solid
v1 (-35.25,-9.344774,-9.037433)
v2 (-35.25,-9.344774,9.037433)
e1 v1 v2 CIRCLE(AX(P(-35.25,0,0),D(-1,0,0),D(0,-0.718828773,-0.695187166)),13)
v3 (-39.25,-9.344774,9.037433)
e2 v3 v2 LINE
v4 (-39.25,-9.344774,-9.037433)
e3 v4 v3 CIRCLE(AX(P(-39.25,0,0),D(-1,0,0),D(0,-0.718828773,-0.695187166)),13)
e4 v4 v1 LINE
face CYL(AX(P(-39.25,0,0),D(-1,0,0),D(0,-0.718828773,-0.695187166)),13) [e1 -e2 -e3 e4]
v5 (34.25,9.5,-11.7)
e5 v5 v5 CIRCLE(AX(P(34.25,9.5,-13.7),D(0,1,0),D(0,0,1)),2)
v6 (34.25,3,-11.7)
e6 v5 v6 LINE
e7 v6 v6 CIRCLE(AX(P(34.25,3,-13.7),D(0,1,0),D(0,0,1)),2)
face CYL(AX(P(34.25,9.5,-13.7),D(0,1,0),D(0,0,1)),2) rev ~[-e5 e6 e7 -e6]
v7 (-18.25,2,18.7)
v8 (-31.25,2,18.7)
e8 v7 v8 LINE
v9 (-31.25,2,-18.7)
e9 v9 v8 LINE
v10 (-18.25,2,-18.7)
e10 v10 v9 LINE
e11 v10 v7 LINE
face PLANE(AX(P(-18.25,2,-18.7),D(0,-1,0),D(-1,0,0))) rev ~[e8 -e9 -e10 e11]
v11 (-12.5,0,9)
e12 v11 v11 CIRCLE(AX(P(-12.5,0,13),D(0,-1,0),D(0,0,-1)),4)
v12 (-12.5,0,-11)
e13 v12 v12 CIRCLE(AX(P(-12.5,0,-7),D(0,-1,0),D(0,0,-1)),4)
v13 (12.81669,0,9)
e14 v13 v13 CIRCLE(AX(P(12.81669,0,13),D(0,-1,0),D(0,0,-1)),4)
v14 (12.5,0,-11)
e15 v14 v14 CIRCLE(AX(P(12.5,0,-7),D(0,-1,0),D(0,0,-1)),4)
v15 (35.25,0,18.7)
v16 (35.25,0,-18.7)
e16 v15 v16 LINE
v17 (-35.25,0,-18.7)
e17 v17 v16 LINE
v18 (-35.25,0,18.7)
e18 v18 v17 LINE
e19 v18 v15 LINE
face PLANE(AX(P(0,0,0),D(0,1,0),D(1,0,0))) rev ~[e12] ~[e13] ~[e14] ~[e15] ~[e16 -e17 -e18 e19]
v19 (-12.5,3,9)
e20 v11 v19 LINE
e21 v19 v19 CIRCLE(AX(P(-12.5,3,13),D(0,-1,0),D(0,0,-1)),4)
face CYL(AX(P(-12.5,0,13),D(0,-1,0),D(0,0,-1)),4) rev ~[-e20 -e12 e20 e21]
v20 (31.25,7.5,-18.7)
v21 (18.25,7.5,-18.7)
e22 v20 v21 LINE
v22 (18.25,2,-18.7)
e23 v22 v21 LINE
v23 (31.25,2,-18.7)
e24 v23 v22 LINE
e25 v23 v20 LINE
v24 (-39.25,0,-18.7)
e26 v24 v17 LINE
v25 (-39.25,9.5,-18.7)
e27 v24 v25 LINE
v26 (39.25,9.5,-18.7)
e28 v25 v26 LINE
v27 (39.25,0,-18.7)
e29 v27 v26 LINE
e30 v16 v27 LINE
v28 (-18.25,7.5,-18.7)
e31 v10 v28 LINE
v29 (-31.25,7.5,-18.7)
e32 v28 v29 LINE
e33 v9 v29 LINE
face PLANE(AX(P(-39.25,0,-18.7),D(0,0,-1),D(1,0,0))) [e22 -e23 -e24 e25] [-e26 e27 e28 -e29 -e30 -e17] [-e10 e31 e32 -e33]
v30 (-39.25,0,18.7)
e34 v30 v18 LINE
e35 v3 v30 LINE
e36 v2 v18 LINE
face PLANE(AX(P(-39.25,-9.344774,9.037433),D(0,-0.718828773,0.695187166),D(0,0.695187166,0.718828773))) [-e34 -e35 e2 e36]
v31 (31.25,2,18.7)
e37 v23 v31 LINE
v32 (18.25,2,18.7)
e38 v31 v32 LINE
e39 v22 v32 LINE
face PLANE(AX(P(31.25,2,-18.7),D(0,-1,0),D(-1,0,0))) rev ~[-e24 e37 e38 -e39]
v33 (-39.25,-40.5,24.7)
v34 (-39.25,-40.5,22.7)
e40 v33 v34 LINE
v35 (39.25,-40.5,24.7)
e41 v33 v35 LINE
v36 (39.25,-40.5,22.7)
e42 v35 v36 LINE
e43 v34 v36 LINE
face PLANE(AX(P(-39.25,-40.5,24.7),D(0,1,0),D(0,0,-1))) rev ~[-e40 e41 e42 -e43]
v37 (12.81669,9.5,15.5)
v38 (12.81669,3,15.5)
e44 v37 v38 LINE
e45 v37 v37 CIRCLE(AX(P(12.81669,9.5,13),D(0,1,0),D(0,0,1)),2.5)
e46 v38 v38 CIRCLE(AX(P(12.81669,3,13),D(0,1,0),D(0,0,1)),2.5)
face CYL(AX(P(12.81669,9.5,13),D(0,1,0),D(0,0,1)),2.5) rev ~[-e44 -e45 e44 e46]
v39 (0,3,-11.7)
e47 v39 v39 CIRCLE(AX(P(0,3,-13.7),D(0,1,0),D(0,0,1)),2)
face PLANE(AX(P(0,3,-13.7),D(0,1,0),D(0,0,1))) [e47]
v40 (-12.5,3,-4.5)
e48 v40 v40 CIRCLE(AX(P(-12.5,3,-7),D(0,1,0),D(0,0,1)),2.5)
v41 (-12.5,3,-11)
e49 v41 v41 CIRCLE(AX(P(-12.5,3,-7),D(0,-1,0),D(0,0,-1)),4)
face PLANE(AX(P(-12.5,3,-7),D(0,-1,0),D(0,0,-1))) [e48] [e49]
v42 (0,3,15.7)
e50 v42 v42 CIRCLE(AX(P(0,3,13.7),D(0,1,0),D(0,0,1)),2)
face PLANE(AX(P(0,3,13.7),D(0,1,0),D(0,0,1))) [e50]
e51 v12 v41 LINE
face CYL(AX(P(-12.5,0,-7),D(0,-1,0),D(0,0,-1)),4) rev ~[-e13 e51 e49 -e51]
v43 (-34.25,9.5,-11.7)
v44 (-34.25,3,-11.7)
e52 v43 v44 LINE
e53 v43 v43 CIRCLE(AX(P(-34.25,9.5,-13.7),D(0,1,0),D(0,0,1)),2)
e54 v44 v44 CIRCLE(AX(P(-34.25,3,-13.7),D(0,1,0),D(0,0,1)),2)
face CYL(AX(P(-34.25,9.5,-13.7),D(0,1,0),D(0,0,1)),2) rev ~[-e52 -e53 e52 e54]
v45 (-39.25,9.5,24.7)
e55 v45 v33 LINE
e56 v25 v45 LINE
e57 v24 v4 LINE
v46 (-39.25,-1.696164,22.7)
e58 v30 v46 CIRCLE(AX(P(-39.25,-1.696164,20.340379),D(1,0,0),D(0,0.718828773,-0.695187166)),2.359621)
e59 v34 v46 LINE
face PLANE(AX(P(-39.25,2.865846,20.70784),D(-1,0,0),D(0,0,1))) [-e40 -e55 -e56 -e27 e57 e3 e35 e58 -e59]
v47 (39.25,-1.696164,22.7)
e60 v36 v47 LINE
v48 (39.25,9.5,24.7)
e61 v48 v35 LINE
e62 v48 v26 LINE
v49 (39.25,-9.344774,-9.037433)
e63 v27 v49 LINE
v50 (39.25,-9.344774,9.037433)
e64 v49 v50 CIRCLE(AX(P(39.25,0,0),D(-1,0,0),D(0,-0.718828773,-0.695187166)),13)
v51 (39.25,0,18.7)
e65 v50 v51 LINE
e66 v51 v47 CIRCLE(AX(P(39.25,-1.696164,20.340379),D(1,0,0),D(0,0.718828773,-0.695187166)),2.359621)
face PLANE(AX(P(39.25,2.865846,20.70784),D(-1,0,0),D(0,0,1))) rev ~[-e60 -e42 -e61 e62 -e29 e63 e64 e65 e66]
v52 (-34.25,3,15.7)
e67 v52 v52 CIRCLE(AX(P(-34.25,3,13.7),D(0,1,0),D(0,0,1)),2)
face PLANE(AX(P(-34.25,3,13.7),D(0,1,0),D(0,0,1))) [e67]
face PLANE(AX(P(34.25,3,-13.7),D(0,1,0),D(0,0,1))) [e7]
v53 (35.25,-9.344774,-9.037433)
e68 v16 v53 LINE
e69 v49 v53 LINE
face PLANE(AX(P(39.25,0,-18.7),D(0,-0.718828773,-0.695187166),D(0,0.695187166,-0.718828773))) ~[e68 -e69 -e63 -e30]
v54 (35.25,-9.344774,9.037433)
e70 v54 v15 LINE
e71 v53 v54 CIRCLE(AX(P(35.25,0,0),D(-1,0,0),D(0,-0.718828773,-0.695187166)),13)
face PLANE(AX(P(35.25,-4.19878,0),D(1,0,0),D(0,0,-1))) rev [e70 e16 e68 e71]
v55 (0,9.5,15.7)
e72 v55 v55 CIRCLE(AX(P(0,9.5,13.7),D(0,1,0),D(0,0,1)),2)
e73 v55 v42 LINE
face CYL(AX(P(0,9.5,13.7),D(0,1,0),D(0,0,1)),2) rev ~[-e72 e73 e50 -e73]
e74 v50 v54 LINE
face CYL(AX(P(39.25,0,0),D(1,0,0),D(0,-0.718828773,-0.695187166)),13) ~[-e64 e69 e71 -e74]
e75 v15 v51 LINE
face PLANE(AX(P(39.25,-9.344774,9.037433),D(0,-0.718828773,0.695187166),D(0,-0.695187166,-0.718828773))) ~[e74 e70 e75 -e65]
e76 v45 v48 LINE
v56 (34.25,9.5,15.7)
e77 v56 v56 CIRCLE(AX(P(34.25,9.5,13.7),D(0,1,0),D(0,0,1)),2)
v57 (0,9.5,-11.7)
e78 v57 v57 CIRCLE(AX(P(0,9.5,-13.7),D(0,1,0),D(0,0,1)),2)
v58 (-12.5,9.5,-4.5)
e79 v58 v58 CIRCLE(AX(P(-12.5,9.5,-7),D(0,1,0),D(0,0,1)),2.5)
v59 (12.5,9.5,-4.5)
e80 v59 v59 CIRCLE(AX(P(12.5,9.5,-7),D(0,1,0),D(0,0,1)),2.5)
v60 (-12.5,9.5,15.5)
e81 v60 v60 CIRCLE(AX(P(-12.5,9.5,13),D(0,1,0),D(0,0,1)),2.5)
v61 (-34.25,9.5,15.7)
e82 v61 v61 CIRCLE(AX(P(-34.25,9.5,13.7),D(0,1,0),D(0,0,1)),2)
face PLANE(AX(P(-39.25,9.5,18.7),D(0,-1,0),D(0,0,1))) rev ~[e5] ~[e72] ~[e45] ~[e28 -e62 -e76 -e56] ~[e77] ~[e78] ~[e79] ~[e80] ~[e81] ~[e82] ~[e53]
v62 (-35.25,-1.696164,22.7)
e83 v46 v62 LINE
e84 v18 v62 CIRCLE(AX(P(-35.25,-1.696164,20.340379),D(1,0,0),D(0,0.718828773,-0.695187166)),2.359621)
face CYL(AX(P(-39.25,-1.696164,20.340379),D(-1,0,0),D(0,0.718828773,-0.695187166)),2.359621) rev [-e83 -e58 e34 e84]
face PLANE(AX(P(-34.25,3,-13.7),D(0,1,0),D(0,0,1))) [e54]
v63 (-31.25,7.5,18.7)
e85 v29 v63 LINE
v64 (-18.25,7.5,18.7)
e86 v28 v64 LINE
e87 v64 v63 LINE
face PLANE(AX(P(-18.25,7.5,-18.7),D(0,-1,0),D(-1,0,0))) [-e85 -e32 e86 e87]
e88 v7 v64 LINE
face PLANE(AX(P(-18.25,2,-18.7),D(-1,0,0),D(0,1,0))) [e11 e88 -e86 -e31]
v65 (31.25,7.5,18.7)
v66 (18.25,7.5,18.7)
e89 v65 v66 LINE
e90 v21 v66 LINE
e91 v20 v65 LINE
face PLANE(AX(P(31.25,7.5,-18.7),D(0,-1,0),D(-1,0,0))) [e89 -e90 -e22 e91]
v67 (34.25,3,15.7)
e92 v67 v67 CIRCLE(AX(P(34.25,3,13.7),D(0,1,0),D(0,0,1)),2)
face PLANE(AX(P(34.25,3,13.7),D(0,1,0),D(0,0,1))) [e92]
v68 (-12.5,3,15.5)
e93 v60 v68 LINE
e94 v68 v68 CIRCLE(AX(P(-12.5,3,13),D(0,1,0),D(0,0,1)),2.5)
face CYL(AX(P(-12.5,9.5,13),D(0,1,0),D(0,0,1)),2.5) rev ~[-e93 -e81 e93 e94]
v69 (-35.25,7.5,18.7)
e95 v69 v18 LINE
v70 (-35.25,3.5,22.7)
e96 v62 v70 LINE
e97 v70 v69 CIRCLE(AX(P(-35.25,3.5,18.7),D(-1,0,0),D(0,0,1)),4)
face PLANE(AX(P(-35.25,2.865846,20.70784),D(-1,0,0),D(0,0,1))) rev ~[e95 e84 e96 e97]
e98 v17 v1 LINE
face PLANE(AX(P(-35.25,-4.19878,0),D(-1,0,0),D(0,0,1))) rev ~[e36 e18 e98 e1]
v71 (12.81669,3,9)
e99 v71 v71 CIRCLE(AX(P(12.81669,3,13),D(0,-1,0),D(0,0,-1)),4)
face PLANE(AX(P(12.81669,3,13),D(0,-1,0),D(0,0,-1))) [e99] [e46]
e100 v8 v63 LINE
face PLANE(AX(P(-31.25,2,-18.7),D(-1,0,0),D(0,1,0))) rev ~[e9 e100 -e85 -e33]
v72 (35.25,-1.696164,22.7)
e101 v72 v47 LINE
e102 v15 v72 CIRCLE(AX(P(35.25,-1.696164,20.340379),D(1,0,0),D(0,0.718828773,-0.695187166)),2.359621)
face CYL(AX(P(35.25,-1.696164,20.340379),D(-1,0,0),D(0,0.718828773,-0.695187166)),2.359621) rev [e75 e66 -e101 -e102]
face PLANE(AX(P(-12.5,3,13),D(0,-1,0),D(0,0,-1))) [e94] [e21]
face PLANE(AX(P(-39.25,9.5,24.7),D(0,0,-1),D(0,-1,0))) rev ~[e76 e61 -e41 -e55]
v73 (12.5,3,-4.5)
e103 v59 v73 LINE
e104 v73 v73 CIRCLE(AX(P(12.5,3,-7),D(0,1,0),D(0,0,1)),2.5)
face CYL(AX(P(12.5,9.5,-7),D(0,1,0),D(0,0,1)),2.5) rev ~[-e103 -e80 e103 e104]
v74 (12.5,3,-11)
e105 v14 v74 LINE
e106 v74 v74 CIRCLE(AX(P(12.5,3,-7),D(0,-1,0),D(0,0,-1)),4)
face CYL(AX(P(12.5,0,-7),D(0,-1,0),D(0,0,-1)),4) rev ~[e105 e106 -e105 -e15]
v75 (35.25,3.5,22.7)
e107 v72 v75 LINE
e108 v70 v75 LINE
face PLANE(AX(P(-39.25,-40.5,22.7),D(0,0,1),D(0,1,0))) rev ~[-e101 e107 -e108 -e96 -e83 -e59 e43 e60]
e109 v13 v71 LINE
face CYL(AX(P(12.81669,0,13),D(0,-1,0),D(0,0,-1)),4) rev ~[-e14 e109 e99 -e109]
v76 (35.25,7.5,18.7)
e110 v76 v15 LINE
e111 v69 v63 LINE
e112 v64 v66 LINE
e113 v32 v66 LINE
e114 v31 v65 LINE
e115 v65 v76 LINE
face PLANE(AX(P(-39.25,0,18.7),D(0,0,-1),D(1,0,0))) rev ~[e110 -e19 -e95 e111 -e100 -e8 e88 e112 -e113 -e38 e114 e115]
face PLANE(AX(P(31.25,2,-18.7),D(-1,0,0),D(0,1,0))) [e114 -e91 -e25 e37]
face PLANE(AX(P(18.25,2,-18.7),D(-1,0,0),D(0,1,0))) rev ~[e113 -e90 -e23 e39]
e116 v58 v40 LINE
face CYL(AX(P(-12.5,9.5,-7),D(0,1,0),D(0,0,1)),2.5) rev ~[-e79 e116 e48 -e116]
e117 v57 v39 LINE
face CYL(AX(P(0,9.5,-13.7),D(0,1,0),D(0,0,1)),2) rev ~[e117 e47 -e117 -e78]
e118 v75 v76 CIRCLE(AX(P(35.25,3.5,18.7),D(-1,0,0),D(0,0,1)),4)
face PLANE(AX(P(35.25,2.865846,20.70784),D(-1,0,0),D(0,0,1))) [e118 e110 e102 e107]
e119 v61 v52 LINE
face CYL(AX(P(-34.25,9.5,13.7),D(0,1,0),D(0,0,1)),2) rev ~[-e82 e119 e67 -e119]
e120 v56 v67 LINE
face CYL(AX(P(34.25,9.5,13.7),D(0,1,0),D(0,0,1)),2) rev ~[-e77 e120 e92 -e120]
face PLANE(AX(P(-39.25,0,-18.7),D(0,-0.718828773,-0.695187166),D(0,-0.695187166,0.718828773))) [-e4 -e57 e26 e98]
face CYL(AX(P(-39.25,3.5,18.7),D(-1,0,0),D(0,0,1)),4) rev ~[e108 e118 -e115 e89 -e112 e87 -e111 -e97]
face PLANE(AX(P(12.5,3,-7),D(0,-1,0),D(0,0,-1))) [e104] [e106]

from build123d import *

# Parameters (mm, degrees)
SKETCH1_W           = 78.5
SKETCH1_H           = 37.4
BOSS_EXTRUDE1_DEPTH = 9.5
SKETCH6_R           = 2
CUT_EXTRUDE1_DEPTH  = 6.5
BOSS_EXTRUDE2_DEPTH = 4
SKETCH9_W           = 13
SKETCH9_H           = 5.5
CUT_EXTRUDE3_DEPTH  = 56.75233179
BOSS_EXTRUDE3_REACH = 83.737
BOSS_EXTRUDE4_START = -4
BOSS_EXTRUDE4_DEPTH = 4
BOSS_EXTRUDE5_DEPTH = 4
SKETCH15_R          = 2.5
CUT_EXTRUDE4_DEPTH  = 15
SKETCH16_R          = 4
CUT_EXTRUDE5_DEPTH  = 3


with BuildPart() as part:
    # Sketch1 → Boss-Extrude1 (new body)
    with BuildSketch(Plane(origin=(0, 0, 0), x_dir=(1, 0, 0), z_dir=(0, 1, 0))):
        Rectangle(SKETCH1_W, SKETCH1_H)
    extrude(amount=BOSS_EXTRUDE1_DEPTH)

    # Sketch6 → Cut-Extrude1 (cut)
    with BuildSketch(Plane(origin=(0, 9.5, 0), x_dir=(1, 0, 0), z_dir=(0, 1, 0))):
        with Locations(Location((-34.25, 13.7, 0), (0, 0, 270))):
            Circle(SKETCH6_R)
        with Locations(Location((0, 13.7, 0), (0, 0, 270))):
            Circle(SKETCH6_R)
        with Locations(Location((34.25, 13.7, 0), (0, 0, 270))):
            Circle(SKETCH6_R)
        with Locations(Location((34.25, -13.7, 0), (0, 0, 270))):
            Circle(SKETCH6_R)
        with Locations(Location((0, -13.7, 0), (0, 0, 270))):
            Circle(SKETCH6_R)
        with Locations(Location((-34.25, -13.7, 0), (0, 0, 270))):
            Circle(SKETCH6_R)
    extrude(amount=-CUT_EXTRUDE1_DEPTH, mode=Mode.SUBTRACT)

    # Sketch7 → Boss-Extrude2 (add)
    with BuildSketch(Plane.ZY.offset(39.25)):
        with BuildLine():
            Line((-18.7, 0), (-9.037433155, -9.344774046))
            ThreePointArc((-9.037433155, -9.344774046), (0, -13), (9.037433155, -9.344774046))
            Line((9.037433155, -9.344774046), (18.7, 0))
            Line((18.7, 0), (-18.7, 0))
        make_face()
    boss_extrude2 = extrude(amount=-BOSS_EXTRUDE2_DEPTH)

    # Mirror1: Boss-Extrude2 across plane
    add(boss_extrude2.mirror(Plane(origin=(0, 0, 0), x_dir=(0, 0, 1), z_dir=(1, 0, 0))))

    # Sketch9 → Cut-Extrude3 (cut, through all)
    with BuildSketch(Plane(origin=(0, 0, -18.7), x_dir=(-1, 0, 0), z_dir=(0, 0, -1))):
        with Locations((24.75, 4.75)):
            Rectangle(SKETCH9_W, SKETCH9_H)
        with Locations((-24.75, 4.75)):
            Rectangle(SKETCH9_W, SKETCH9_H)
    extrude(amount=-CUT_EXTRUDE3_DEPTH, mode=Mode.SUBTRACT)

    # Boss-Extrude3: up to this face of the body (flat: up to its plane)
    boss_extrude3_end = Plane(part.part.faces().sort_by_distance((39.25, 0.189608499, 0))[0])
    # Sketch11 → Boss-Extrude3 (add, up to the picked face)
    with BuildSketch(Plane.ZY.offset(39.25), mode=Mode.PRIVATE) as boss_extrude3_sk1:
        with BuildLine():
            Line((18.7, 9.5), (24.7, 9.5))
            Line((24.7, 9.5), (24.7, -40.5))
            Line((24.7, -40.5), (22.7, -40.5))
            Line((22.7, -40.5), (22.7, 3.5))
            ThreePointArc((22.7, 3.5), (21.528427125, 6.328427125), (18.7, 7.5))
            Line((18.7, 7.5), (18.7, 9.5))
        make_face()
    boss_extrude3_tool1 = split(extrude(boss_extrude3_sk1.sketch, amount=-BOSS_EXTRUDE3_REACH, mode=Mode.PRIVATE), bisect_by=boss_extrude3_end, keep=Keep.BOTH, mode=Mode.PRIVATE)
    add(boss_extrude3_tool1.solids().sort_by(Axis((-39.25, -13.095828, 23.426281), (1, 0, 0)))[0])

    # Sketch12 → Boss-Extrude4 (add)
    with BuildSketch(Plane(origin=(39.25, 0, 0), x_dir=(0, 0, -1), z_dir=(1, 0, 0)).offset(BOSS_EXTRUDE4_START)):
        with BuildLine():
            Line((-18.7, 7.5), (-18.7, 0))
            ThreePointArc((-18.7, 0), (-21.261557408, 0.476218058), (-22.7, -1.696163792))
            Line((-22.7, -1.696163792), (-22.7, 3.5))
            ThreePointArc((-22.7, 3.5), (-21.528427125, 6.328427125), (-18.7, 7.5))
        make_face()
    extrude(amount=BOSS_EXTRUDE4_DEPTH)

    # Sketch13 → Boss-Extrude5 (add)
    with BuildSketch(Plane.ZY.offset(39.25)):
        with BuildLine():
            Line((22.7, -1.696163792), (22.7, 3.5))
            ThreePointArc((22.7, 3.5), (21.528427125, 6.328427125), (18.7, 7.5))
            Line((18.7, 7.5), (18.7, 0))
            ThreePointArc((18.7, 0), (21.261557408, 0.476218058), (22.7, -1.696163792))
        make_face()
    extrude(amount=-BOSS_EXTRUDE5_DEPTH)

    # Sketch15 → Cut-Extrude4 (cut)
    with BuildSketch(Plane(origin=(0, 9.5, 0), x_dir=(1, 0, 0), z_dir=(0, 1, 0))):
        with Locations(Location((-12.5, 7, 0), (0, 0, 270))):
            Circle(SKETCH15_R)
        with Locations(Location((-12.5, -13, 0), (0, 0, 270))):
            Circle(SKETCH15_R)
        with Locations(Location((12.816690271, -13, 0), (0, 0, 270))):
            Circle(SKETCH15_R)
        with Locations(Location((12.5, 7, 0), (0, 0, 270))):
            Circle(SKETCH15_R)
    extrude(amount=-CUT_EXTRUDE4_DEPTH, mode=Mode.SUBTRACT)

    # Sketch16 → Cut-Extrude5 (cut)
    with BuildSketch(Plane.XZ):
        with Locations(Location((-12.5, 13, 0), (0, 0, 270))):
            Circle(SKETCH16_R)
        with Locations(Location((12.816690271, 13, 0), (0, 0, 270))):
            Circle(SKETCH16_R)
        with Locations(Location((12.5, -7, 0), (0, 0, 270))):
            Circle(SKETCH16_R)
        with Locations(Location((-12.5, -7, 0), (0, 0, 270))):
            Circle(SKETCH16_R)
    extrude(amount=-CUT_EXTRUDE5_DEPTH, mode=Mode.SUBTRACT)


solid = part.part
